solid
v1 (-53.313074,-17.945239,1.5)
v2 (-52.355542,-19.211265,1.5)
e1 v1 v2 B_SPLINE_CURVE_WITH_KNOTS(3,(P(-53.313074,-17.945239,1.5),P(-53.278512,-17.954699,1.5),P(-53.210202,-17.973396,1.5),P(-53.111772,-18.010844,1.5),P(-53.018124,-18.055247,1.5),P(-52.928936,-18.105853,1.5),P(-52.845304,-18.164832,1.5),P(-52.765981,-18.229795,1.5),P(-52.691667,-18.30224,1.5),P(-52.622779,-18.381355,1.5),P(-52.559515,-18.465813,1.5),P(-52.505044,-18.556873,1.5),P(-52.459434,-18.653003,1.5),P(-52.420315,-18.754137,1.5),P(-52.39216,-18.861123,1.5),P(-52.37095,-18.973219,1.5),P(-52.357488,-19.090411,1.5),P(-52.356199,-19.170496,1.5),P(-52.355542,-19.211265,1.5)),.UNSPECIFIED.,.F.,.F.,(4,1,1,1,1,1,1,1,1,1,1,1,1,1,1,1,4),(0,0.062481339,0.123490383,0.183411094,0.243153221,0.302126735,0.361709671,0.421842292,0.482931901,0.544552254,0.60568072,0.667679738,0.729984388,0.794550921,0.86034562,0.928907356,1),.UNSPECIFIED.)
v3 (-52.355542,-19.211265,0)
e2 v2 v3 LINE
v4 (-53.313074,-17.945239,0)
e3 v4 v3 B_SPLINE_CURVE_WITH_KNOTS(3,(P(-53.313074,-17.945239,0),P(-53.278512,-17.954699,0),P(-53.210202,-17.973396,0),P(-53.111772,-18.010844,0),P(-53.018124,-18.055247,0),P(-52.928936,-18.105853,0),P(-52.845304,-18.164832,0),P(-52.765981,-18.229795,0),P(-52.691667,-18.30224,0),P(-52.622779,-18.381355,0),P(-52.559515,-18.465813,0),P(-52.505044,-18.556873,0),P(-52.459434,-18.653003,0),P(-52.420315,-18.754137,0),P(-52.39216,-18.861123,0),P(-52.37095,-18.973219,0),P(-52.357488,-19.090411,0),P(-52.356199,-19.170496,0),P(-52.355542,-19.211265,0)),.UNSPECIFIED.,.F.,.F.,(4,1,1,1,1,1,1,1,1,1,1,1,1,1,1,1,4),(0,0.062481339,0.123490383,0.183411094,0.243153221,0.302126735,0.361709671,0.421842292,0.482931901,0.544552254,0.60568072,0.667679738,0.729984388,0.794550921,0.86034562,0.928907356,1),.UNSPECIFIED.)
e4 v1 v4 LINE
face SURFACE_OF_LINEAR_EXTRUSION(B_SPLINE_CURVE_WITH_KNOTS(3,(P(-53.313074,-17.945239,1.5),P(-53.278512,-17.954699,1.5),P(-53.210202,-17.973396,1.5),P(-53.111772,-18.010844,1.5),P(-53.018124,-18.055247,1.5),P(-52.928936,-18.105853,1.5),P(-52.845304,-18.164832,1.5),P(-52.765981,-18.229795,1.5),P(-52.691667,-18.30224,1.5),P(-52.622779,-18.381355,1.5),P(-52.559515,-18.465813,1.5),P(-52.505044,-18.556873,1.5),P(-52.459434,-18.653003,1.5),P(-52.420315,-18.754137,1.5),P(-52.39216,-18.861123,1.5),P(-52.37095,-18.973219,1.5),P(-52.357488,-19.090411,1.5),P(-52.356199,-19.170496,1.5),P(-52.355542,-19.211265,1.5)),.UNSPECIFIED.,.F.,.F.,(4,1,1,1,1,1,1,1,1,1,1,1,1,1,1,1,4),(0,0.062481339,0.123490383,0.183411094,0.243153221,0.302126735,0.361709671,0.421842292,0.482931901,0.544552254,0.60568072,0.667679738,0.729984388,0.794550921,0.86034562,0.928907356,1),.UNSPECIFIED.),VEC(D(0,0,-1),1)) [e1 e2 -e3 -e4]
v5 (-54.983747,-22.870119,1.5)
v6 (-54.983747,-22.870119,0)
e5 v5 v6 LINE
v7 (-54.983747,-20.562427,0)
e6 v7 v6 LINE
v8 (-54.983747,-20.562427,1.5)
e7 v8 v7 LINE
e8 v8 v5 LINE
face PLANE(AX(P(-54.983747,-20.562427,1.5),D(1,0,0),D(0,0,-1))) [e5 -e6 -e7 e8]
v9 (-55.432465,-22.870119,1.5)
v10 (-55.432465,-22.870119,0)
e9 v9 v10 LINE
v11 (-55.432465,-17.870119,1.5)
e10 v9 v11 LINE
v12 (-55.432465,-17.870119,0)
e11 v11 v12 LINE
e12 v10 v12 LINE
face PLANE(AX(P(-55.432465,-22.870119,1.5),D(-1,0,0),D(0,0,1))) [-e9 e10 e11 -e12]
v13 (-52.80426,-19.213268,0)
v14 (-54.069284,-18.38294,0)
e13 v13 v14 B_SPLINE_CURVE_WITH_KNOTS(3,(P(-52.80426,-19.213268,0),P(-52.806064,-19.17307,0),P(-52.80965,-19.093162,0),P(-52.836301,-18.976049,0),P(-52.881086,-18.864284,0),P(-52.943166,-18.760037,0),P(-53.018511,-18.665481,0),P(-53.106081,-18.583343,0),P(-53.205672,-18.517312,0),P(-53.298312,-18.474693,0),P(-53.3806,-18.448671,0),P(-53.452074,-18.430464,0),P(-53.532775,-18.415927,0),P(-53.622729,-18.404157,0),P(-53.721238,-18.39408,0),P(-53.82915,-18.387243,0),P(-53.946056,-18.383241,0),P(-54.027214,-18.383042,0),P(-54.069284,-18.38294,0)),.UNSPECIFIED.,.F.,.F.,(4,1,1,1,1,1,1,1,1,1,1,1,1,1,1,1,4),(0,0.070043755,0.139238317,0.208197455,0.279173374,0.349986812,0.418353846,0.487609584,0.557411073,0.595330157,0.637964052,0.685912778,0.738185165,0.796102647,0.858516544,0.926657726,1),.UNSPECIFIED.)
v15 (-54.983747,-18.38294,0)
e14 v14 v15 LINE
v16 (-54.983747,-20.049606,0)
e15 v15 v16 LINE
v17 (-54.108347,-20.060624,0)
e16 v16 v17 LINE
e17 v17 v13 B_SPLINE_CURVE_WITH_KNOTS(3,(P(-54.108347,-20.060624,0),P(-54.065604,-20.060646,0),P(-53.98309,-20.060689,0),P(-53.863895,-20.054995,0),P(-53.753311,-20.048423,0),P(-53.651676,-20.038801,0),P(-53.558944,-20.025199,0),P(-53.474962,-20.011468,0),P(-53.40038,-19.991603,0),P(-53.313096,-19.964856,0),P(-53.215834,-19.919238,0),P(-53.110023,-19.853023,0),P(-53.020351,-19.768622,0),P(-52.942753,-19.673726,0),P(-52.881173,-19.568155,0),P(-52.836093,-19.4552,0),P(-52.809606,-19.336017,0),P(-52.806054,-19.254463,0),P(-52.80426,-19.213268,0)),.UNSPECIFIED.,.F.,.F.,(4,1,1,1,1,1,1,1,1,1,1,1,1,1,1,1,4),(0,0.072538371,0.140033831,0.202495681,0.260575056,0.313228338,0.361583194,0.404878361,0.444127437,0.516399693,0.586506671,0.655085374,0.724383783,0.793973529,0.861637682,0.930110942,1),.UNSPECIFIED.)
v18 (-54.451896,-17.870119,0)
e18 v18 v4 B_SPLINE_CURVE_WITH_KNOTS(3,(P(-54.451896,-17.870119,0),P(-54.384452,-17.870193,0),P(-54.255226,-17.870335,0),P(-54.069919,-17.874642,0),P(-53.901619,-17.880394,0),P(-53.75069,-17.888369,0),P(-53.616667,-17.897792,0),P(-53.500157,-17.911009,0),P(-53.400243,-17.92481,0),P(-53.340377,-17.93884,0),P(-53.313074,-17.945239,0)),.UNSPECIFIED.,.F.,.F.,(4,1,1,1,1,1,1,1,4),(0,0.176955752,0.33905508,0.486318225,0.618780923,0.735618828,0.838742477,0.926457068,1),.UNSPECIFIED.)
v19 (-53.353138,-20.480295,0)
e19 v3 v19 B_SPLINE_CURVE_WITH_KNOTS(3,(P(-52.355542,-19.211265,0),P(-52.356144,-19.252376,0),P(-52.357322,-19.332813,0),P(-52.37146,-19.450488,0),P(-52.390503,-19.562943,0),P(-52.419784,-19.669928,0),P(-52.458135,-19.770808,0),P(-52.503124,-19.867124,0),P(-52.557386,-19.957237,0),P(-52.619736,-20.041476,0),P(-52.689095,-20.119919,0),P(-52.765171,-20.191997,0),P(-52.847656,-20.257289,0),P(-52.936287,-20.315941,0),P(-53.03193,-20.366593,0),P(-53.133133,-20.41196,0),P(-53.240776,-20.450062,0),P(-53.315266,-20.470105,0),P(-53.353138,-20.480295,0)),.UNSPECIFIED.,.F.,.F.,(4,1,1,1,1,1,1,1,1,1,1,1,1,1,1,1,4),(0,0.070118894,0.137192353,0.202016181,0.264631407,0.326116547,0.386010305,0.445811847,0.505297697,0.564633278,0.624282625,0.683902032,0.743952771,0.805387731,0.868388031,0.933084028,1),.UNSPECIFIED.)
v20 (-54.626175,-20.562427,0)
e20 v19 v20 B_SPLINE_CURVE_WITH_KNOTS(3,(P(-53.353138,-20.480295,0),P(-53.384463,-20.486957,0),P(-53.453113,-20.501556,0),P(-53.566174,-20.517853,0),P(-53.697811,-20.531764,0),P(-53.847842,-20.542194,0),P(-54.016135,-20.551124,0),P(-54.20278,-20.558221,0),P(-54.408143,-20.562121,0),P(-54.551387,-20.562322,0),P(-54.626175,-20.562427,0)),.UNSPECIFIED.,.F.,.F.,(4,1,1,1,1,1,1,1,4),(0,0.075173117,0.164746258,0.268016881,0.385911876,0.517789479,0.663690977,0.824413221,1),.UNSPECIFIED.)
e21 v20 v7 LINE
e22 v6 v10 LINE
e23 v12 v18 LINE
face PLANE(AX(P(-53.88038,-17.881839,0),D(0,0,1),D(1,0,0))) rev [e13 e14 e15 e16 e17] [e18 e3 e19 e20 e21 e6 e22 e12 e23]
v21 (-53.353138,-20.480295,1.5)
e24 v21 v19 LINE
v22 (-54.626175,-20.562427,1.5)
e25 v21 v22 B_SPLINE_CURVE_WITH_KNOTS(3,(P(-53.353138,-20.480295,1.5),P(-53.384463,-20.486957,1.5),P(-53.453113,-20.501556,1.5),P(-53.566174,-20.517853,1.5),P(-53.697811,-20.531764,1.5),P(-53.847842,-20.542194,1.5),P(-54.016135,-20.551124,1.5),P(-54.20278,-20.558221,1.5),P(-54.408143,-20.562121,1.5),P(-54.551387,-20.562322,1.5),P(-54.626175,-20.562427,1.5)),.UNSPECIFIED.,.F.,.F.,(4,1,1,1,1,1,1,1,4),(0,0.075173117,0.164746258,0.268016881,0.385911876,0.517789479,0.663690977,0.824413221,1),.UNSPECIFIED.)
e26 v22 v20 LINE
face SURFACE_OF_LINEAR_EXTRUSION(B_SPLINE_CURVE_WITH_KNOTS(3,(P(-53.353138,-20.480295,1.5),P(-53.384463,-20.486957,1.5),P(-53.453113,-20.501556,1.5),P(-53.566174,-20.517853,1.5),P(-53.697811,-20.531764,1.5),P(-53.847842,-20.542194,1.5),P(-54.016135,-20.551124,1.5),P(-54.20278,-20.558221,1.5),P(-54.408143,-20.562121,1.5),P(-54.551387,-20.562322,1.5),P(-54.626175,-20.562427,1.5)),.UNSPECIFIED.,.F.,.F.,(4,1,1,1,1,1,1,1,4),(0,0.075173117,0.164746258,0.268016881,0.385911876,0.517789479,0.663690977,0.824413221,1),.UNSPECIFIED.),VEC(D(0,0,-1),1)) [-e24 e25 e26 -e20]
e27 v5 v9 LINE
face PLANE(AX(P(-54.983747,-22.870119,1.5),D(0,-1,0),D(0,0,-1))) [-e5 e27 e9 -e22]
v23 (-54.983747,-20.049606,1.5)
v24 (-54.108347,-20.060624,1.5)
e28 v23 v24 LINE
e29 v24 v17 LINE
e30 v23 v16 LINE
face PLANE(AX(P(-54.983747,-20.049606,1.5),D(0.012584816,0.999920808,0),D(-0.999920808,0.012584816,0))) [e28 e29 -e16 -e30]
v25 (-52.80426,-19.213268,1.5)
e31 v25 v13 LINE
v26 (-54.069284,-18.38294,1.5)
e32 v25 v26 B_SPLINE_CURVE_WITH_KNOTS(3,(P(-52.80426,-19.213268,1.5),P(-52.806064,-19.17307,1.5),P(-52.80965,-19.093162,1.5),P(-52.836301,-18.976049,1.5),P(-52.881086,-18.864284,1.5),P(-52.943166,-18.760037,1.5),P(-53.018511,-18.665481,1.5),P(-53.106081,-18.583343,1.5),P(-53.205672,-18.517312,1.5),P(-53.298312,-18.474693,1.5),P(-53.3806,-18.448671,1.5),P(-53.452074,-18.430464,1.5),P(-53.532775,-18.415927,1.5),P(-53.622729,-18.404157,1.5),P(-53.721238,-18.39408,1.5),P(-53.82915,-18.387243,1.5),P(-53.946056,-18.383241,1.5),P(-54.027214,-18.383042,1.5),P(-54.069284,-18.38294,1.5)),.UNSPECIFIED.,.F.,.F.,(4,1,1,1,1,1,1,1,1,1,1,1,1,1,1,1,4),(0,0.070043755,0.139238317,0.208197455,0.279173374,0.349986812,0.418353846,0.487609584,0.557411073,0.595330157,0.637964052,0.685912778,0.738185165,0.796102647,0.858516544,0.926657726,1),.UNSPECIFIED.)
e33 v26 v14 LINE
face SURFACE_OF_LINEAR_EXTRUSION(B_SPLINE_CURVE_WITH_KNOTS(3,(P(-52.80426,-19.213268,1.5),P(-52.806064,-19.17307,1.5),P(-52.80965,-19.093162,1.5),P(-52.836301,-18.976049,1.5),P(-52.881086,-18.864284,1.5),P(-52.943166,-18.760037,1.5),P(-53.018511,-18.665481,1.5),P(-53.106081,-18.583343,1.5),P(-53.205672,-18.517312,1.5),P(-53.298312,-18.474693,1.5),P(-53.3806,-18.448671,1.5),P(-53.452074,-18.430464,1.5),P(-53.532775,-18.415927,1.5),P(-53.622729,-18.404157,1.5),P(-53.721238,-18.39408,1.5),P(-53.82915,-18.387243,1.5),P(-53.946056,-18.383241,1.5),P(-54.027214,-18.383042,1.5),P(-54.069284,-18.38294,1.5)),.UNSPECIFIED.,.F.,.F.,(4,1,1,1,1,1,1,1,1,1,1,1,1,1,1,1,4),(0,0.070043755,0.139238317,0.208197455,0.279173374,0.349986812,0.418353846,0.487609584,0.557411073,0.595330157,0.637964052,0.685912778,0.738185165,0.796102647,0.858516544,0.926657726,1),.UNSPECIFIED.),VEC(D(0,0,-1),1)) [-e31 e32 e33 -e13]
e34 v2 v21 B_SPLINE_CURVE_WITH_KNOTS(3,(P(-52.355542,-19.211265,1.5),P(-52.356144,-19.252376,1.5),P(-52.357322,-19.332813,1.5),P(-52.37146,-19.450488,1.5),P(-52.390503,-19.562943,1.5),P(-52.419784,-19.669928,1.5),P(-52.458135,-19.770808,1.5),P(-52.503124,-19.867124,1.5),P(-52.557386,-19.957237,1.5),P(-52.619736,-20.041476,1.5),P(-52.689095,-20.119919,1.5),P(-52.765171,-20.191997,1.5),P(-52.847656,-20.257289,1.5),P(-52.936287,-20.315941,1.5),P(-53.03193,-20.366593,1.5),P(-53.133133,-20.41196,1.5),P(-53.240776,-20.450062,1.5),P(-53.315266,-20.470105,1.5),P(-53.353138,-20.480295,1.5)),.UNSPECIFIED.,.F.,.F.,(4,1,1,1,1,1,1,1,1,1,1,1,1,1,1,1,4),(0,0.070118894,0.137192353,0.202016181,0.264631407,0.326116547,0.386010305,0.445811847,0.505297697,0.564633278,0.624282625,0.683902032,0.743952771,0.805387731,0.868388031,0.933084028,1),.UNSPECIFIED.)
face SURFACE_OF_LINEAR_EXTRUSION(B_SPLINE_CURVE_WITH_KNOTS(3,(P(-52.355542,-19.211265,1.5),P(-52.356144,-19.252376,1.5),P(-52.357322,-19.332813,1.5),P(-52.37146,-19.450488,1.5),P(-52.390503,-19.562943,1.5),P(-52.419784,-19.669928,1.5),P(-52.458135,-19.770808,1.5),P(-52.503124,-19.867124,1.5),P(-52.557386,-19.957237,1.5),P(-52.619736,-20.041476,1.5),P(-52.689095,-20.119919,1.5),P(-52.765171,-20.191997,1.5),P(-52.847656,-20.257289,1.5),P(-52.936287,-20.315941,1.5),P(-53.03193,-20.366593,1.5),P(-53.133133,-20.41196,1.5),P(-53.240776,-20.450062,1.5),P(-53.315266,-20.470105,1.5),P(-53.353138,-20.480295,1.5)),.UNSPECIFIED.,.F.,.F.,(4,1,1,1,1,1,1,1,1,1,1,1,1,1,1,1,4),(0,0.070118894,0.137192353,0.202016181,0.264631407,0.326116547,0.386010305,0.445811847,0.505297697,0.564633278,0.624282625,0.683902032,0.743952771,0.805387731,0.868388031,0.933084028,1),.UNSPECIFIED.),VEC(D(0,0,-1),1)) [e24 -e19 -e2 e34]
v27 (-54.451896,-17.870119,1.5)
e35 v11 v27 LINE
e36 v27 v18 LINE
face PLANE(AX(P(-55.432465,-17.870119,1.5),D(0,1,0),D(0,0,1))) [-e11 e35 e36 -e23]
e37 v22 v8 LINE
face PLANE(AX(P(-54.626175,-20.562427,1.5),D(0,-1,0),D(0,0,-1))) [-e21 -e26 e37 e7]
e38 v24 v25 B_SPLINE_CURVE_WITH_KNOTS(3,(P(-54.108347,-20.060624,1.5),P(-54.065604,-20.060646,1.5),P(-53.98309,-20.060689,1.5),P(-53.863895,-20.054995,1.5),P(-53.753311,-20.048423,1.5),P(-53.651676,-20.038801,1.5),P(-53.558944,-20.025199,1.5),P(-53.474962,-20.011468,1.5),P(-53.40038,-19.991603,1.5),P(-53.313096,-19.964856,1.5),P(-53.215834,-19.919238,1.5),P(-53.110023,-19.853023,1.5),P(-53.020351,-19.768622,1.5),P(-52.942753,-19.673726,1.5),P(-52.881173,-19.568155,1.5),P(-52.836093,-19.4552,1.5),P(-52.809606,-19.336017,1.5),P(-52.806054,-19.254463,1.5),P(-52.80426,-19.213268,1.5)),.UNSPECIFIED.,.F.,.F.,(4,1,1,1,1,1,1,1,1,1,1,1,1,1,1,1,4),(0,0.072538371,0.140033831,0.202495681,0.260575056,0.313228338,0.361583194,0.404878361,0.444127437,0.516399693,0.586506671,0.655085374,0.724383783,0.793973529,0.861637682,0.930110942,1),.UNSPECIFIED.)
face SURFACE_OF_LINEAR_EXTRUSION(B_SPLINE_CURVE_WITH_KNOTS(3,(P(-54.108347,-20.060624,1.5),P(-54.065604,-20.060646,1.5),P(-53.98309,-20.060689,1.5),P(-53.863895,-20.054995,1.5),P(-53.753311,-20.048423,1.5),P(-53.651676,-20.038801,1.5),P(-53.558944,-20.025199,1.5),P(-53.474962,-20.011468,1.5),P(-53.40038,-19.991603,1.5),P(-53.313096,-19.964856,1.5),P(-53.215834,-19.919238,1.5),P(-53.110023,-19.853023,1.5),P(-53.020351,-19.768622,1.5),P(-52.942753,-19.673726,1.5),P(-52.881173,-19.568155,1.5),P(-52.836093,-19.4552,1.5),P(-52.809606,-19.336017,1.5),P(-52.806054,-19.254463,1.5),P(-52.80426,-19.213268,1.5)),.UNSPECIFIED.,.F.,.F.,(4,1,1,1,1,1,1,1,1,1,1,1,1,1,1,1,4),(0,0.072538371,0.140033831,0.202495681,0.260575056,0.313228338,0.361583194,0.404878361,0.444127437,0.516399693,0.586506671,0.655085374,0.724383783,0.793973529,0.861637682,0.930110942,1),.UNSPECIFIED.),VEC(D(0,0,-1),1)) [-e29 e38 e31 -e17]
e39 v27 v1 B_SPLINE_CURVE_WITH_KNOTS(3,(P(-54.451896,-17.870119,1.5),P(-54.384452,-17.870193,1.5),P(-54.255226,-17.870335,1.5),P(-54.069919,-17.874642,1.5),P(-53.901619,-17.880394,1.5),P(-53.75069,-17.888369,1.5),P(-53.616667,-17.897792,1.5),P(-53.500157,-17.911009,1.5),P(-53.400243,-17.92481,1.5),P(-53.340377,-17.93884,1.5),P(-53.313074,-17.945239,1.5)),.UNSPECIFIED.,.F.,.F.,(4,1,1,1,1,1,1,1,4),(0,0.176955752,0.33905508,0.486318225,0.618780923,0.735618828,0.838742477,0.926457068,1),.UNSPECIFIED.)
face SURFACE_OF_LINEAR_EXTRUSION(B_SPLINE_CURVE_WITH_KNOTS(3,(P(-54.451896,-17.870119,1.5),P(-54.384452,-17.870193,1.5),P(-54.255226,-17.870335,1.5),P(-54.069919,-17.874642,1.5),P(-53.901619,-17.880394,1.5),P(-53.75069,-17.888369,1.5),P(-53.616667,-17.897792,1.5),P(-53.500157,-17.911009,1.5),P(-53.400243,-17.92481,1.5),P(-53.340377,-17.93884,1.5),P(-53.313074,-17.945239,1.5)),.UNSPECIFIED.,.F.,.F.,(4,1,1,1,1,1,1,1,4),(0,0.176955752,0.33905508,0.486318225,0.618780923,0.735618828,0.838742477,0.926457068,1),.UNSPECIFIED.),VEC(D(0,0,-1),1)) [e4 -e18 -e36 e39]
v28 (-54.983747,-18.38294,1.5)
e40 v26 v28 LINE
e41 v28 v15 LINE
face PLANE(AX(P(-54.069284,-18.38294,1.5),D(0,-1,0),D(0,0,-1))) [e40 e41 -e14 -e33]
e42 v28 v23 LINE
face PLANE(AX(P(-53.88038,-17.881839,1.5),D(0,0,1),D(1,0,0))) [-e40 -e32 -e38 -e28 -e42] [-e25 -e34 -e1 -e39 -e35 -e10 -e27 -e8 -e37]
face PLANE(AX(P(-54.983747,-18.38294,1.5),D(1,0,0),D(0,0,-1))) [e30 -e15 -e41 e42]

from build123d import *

# Parameters (mm, degrees)
BOSS_EXTRU_1_DEPTH = 1.5


with BuildPart() as part:
    # Esquisse1 → Boss.-Extru.1 (new body)
    with BuildSketch(Plane.XY):
        with BuildLine():
            Line((-55.432465326, -17.870119076), (-54.451896416, -17.870119076))
            add(Edge.make_bspline(
                [(-54.451896416, -17.870119076), (-54.384452264, -17.870193214), (-54.255226274, -17.870335264), (-54.069919052, -17.874642044), (-53.901619435, -17.880394461), (-53.75069032, -17.888368595), (-53.616667322, -17.897792295), (-53.500156894, -17.911009494), (-53.400243242, -17.924809916), (-53.340376886, -17.938840497), (-53.3130743, -17.945239269)],
                knots=[0, 0, 0, 0, 1.415646017, 2.712440637, 3.8905458, 4.950247383, 5.884950622, 6.709939814, 7.411656543, 8, 8, 8, 8], degree=3))
            add(Edge.make_bspline(
                [(-53.3130743, -17.945239269), (-53.278512109, -17.954699197), (-53.210202142, -17.973396142), (-53.11177208, -18.010844319), (-53.018123729, -18.055247412), (-52.928935789, -18.10585304), (-52.845304242, -18.164832417), (-52.765981326, -18.229794728), (-52.691667068, -18.302239826), (-52.622779366, -18.381355169), (-52.559515369, -18.465812612), (-52.505044394, -18.55687294), (-52.459434069, -18.653003374), (-52.42031511, -18.754137047), (-52.392160175, -18.861123223), (-52.370950318, -18.973218527), (-52.357487993, -19.090410941), (-52.356198619, -19.170496466), (-52.355542249, -19.21126491)],
                knots=[0, 0, 0, 0, 0.999701418, 1.975846123, 2.934577507, 3.890451536, 4.834027766, 5.787354733, 6.749476667, 7.726910423, 8.712836071, 9.690891519, 10.682875813, 11.679750201, 12.712814741, 13.765529915, 14.8625177, 16, 16, 16, 16], degree=3))
            add(Edge.make_bspline(
                [(-52.355542249, -19.21126491), (-52.356144284, -19.252376019), (-52.357322207, -19.332812682), (-52.371459758, -19.450488094), (-52.390502888, -19.562942937), (-52.419784392, -19.669927866), (-52.458135353, -19.770807538), (-52.503124, -19.867123584), (-52.557386186, -19.957237401), (-52.619735943, -20.04147614), (-52.689095364, -20.119918872), (-52.76517099, -20.19199715), (-52.847655693, -20.257289062), (-52.936287333, -20.315940982), (-53.031929975, -20.366592809), (-53.133133051, -20.411960388), (-53.240776217, -20.450061903), (-53.315265523, -20.470104848), (-53.353138403, -20.480295358)],
                knots=[0, 0, 0, 0, 1.121902311, 2.195077645, 3.232258892, 4.234102512, 5.217864754, 6.176164875, 7.132989551, 8.084763148, 9.034132444, 9.988522005, 10.94243251, 11.903244335, 12.886203696, 13.894208494, 14.929344452, 16, 16, 16, 16], degree=3))
            add(Edge.make_bspline(
                [(-53.353138403, -20.480295358), (-53.384463166, -20.48695676), (-53.453113205, -20.501555609), (-53.566174236, -20.517853404), (-53.697810502, -20.531764262), (-53.84784233, -20.542194459), (-54.016135052, -20.551123557), (-54.202779705, -20.558220834), (-54.408142673, -20.562120625), (-54.551387307, -20.562321757), (-54.626175262, -20.562426769)],
                knots=[0, 0, 0, 0, 0.601384939, 1.31797006, 2.144135048, 3.087295005, 4.142315834, 5.309527816, 6.595305764, 8, 8, 8, 8], degree=3))
            Line((-54.626175262, -20.562426769), (-54.983747377, -20.562426769))
            Line((-54.983747377, -20.562426769), (-54.983747377, -22.870119076))
            Line((-54.983747377, -22.870119076), (-55.432465326, -22.870119076))
            Line((-55.432465326, -22.870119076), (-55.432465326, -17.870119076))
        make_face()
        with BuildLine():
            Line((-54.983747377, -18.382939589), (-54.983747377, -20.049606256))
            Line((-54.983747377, -20.049606256), (-54.108346736, -20.060623884))
            add(Edge.make_bspline(
                [(-54.108346736, -20.060623884), (-54.065603985, -20.060645975), (-53.983089985, -20.060688621), (-53.86389538, -20.054995444), (-53.753310684, -20.048423255), (-53.651675577, -20.038800507), (-53.558944242, -20.025198711), (-53.474962058, -20.011467656), (-53.400380225, -19.991602853), (-53.313095651, -19.964855611), (-53.215833726, -19.919237589), (-53.110022942, -19.85302346), (-53.020350676, -19.768622448), (-52.942753109, -19.673725546), (-52.881173284, -19.568155362), (-52.836093295, -19.455199738), (-52.809605927, -19.336017095), (-52.806054222, -19.254462611), (-52.804260198, -19.213268115)],
                knots=[0, 0, 0, 0, 1.160613943, 2.240541288, 3.23993089, 4.169200891, 5.011653406, 5.7853311, 6.478053781, 7.106038997, 8.262395093, 9.384106736, 10.481365981, 11.59014053, 12.70357646, 13.786202915, 14.881775077, 16, 16, 16, 16], degree=3))
            add(Edge.make_bspline(
                [(-52.804260198, -19.213268115), (-52.806063978, -19.173070238), (-52.809649671, -19.093161835), (-52.836300904, -18.97604932), (-52.881085638, -18.864284028), (-52.943166488, -18.760036763), (-53.018510959, -18.665481329), (-53.106081449, -18.583342576), (-53.205671823, -18.517311572), (-53.298312153, -18.474692598), (-53.380599561, -18.448670776), (-53.45207379, -18.430463861), (-53.532774753, -18.415927281), (-53.622728724, -18.404156563), (-53.721238487, -18.39408019), (-53.829150365, -18.387243079), (-53.94605557, -18.383240999), (-54.027213528, -18.383042491), (-54.069284236, -18.382939589)],
                knots=[0, 0, 0, 0, 1.120700087, 2.227813068, 3.331159281, 4.466773991, 5.599788987, 6.693661531, 7.80175334, 8.91857717, 9.525282508, 10.207424825, 10.974604443, 11.810962634, 12.737642355, 13.736264703, 14.826523623, 16, 16, 16, 16], degree=3))
            Line((-54.069284236, -18.382939589), (-54.983747377, -18.382939589))
        make_face(mode=Mode.SUBTRACT)
    extrude(amount=BOSS_EXTRU_1_DEPTH)


solid = part.part
